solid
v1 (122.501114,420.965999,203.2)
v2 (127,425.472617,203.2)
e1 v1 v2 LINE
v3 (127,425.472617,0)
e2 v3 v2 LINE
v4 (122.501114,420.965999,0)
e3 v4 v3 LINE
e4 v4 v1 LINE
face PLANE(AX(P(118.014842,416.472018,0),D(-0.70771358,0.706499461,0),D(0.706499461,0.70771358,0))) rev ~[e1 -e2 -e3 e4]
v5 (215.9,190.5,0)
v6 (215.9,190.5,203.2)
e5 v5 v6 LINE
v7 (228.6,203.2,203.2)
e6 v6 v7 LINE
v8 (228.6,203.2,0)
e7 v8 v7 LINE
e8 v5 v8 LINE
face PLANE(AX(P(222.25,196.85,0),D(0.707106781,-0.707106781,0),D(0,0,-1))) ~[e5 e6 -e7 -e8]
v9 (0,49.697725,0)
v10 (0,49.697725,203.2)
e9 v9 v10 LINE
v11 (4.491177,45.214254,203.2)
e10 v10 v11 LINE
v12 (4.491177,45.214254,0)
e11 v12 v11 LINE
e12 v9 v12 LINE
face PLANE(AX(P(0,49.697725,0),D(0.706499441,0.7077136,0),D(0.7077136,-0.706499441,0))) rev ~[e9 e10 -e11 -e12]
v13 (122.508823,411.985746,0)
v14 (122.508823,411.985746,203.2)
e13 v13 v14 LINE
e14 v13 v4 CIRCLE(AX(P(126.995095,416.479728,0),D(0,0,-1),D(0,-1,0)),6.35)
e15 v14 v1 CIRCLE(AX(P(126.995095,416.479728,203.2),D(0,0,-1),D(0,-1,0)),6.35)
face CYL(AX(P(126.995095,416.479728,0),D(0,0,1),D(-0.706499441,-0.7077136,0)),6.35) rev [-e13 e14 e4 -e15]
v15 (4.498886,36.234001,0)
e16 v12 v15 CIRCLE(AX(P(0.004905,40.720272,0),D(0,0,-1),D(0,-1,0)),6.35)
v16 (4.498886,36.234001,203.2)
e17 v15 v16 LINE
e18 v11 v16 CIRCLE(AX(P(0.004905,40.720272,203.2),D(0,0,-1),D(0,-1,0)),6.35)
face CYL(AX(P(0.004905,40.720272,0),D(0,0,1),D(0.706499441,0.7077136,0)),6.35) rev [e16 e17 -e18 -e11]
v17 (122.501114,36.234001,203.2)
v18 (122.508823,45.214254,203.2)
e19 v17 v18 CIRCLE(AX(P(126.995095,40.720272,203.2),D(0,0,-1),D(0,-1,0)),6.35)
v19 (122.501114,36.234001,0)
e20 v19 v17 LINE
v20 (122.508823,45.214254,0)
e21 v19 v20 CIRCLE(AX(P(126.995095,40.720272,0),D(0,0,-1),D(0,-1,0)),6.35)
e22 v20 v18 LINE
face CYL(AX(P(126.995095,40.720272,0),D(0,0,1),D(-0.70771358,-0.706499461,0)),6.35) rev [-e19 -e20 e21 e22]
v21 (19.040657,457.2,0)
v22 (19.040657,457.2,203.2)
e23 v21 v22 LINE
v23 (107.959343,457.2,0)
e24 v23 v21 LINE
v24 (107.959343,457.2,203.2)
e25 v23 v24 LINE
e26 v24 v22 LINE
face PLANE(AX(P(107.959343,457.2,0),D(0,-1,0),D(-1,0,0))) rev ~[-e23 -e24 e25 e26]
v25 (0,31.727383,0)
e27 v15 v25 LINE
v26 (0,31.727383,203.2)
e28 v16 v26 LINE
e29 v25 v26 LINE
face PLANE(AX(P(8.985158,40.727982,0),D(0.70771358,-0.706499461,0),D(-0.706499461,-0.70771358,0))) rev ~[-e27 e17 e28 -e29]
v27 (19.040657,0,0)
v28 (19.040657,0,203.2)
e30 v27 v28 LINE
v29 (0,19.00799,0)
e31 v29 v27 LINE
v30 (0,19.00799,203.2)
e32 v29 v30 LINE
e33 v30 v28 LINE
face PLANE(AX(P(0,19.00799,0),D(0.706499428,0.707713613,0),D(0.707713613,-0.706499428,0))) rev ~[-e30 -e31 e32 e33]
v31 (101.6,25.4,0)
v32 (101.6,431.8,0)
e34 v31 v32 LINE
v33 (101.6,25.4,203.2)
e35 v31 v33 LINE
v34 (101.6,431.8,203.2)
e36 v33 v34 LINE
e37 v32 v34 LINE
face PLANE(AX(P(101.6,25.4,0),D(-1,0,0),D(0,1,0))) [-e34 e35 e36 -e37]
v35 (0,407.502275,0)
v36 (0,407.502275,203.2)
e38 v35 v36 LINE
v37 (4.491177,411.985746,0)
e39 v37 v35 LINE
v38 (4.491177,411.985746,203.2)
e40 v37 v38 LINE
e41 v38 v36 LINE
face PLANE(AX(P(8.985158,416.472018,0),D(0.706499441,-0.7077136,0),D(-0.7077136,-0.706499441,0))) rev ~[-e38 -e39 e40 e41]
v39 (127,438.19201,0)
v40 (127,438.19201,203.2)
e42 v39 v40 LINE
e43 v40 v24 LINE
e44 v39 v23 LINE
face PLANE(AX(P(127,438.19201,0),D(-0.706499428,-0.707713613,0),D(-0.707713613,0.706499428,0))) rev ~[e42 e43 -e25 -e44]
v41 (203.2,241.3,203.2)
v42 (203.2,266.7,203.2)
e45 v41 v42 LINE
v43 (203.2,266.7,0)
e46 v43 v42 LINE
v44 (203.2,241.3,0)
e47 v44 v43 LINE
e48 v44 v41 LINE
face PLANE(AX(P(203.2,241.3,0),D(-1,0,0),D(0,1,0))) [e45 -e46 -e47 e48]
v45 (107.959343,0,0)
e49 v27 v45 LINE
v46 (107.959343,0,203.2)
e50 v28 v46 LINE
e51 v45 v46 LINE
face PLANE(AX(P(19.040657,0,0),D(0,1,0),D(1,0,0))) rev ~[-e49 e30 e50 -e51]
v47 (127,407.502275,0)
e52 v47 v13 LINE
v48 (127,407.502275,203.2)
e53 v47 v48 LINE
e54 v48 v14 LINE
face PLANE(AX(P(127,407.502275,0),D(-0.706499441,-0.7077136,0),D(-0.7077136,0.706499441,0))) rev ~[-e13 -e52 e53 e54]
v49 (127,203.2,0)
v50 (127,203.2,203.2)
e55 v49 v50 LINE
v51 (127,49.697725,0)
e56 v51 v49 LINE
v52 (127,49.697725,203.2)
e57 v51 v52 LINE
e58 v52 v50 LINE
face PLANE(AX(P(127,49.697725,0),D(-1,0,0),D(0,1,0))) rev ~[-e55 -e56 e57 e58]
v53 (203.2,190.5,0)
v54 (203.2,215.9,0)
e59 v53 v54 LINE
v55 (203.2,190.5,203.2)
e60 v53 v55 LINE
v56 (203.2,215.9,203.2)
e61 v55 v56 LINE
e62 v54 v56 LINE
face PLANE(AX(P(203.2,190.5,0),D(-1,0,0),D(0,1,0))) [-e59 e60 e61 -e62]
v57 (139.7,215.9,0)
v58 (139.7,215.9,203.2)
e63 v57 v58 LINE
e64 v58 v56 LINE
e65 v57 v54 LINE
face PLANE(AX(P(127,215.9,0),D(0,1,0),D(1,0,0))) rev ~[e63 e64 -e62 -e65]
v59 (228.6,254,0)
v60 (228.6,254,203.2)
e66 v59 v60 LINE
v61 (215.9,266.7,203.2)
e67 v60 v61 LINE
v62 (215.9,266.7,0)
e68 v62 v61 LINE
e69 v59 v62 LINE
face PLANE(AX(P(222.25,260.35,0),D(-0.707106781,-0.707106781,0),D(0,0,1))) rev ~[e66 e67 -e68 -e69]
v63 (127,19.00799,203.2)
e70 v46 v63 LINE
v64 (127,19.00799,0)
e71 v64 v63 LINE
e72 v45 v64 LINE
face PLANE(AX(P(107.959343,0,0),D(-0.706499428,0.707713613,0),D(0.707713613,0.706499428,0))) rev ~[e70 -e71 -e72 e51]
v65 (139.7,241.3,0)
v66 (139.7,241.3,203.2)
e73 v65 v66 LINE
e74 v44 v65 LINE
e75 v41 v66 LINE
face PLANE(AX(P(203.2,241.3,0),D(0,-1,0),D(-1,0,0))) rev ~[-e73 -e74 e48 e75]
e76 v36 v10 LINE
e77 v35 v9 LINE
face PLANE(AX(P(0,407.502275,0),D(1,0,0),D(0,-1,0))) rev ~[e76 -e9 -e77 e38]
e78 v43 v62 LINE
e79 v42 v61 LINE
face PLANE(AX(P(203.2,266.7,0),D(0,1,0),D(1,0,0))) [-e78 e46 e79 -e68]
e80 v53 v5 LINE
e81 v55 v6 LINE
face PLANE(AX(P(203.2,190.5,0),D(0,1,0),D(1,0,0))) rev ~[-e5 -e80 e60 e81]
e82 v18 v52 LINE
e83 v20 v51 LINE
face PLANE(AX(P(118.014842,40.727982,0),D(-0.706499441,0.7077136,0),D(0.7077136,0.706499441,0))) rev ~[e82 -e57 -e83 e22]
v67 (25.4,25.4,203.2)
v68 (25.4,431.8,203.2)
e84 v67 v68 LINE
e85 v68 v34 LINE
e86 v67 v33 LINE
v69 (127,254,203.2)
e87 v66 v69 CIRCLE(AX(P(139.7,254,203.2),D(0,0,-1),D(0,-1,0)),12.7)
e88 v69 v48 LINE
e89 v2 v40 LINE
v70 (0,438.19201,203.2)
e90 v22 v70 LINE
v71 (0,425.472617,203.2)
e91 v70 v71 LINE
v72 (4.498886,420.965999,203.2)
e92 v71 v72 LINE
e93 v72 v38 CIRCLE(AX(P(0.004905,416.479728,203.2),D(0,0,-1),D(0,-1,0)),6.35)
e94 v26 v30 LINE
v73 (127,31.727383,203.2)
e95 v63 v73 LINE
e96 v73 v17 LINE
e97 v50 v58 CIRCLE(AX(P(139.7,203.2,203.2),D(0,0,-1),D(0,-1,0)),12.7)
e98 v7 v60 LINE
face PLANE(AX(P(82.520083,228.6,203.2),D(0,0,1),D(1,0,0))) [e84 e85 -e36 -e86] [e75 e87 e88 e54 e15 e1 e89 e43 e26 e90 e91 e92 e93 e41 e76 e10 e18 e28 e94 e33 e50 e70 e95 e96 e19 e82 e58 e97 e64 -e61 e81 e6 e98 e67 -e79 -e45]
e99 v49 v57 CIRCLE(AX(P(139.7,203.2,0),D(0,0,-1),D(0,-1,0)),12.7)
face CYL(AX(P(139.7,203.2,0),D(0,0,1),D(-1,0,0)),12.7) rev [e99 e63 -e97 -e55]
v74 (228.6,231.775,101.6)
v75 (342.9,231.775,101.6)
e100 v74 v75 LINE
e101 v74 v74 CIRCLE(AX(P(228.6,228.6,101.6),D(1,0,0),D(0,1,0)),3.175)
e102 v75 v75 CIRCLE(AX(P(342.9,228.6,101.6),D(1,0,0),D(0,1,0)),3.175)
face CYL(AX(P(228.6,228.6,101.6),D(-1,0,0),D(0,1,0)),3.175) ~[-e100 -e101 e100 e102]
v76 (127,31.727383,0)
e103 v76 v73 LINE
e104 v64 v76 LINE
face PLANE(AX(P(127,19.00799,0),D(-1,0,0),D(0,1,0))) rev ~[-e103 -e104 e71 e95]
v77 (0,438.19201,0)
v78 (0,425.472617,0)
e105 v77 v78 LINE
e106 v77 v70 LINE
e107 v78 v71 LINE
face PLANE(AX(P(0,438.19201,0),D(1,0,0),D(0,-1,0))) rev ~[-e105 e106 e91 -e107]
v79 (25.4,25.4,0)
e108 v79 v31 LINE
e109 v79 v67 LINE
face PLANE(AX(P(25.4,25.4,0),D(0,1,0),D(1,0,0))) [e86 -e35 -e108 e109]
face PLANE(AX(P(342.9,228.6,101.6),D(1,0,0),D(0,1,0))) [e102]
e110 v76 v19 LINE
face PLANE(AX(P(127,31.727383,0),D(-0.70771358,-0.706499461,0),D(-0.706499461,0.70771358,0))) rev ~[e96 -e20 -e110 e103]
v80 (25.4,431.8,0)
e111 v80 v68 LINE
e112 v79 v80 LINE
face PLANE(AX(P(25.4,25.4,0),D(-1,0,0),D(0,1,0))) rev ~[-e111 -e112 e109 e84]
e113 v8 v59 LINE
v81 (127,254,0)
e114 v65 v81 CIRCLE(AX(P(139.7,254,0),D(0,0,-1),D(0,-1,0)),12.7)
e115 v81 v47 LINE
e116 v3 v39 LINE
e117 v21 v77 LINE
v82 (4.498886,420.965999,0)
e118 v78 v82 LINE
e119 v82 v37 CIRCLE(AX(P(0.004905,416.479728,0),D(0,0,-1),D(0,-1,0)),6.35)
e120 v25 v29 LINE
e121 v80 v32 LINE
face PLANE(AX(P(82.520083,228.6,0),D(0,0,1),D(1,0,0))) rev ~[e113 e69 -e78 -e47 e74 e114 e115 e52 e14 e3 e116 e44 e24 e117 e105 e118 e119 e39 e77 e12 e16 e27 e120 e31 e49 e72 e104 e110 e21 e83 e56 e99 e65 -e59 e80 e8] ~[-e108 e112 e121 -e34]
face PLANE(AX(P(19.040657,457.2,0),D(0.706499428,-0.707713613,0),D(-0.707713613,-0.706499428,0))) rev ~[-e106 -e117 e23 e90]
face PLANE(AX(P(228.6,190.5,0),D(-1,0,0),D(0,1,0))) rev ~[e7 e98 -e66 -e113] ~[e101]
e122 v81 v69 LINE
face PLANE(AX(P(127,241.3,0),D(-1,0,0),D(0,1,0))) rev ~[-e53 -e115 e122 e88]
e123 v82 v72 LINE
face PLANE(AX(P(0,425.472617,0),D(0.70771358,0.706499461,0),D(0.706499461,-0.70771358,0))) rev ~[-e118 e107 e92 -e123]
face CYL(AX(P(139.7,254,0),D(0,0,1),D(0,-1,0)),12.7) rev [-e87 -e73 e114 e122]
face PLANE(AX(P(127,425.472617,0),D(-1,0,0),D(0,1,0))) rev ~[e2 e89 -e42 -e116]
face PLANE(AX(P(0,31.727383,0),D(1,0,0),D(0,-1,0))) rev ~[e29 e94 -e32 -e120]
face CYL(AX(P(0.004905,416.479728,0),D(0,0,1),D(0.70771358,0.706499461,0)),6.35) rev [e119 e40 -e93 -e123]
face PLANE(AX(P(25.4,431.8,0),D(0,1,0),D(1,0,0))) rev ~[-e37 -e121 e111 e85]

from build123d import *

# Parameters (mm, degrees)
F0_W     = 76.2
F0_H     = 406.4
F0_W_2   = 25.4
F0_H_2   = 25.4
F1_DEPTH = 203.2
F2_R     = 6.35
F3_R     = 12.7
F4_SIZE  = 12.7
F5_R     = 3.175
F6_DEPTH = 114.3


with BuildPart() as f1:
    # F0 (on Top) → F1 (new body)
    with BuildSketch(Plane.XY):
        Polygon((0, 19.00799), (19.040657, 0), (107.959343, 0), (127, 19.00799), (127, 31.727383), (118.014842, 40.727982), (127, 49.697725), (127, 215.9), (203.2, 215.9), (228.6, 215.9), (228.6, 241.3), (203.2, 241.3), (127, 241.3), (127, 407.502275), (118.014842, 416.472018), (127, 425.472617), (127, 438.19201), (107.959343, 457.2), (19.040657, 457.2), (0, 438.19201), (0, 425.472617), (8.985158, 416.472018), (0, 407.502275), (0, 49.697725), (8.985158, 40.727982), (0, 31.727383), align=None)
        with Locations((63.5, 228.6)):
            Rectangle(F0_W, F0_H, mode=Mode.SUBTRACT)
        with Locations((215.9, 203.2)):
            Rectangle(F0_W_2, F0_H_2)
        with Locations((215.9, 254)):
            Rectangle(F0_W_2, F0_H_2)
    extrude(amount=F1_DEPTH)

    # F2
    f2_edges = [f1.edges().sort_by_distance(p)[0] for p in [
        (118.014842, 416.472018, 101.6),
        (8.985158, 416.472018, 101.6),
        (8.985158, 40.727982, 101.6),
        (118.014842, 40.727982, 101.6),
    ]]
    fillet(f2_edges, radius=F2_R)

    # F3
    f3_edges = [f1.edges().sort_by_distance(p)[0] for p in [
        (127, 215.9, 101.6),
        (127, 241.3, 101.6),
    ]]
    fillet(f3_edges, radius=F3_R)

    # F4
    f4_edges = [f1.edges().sort_by_distance(p)[0] for p in [
        (228.6, 190.5, 101.6),
        (228.6, 266.7, 101.6),
    ]]
    chamfer(f4_edges, length=F4_SIZE)

    # F5 (on face) → F6 (join)
    with BuildSketch(Plane.YZ.offset(228.6)):
        with Locations((228.6, 101.6)):
            Circle(F5_R)
    extrude(amount=F6_DEPTH)


solid = f1.part
